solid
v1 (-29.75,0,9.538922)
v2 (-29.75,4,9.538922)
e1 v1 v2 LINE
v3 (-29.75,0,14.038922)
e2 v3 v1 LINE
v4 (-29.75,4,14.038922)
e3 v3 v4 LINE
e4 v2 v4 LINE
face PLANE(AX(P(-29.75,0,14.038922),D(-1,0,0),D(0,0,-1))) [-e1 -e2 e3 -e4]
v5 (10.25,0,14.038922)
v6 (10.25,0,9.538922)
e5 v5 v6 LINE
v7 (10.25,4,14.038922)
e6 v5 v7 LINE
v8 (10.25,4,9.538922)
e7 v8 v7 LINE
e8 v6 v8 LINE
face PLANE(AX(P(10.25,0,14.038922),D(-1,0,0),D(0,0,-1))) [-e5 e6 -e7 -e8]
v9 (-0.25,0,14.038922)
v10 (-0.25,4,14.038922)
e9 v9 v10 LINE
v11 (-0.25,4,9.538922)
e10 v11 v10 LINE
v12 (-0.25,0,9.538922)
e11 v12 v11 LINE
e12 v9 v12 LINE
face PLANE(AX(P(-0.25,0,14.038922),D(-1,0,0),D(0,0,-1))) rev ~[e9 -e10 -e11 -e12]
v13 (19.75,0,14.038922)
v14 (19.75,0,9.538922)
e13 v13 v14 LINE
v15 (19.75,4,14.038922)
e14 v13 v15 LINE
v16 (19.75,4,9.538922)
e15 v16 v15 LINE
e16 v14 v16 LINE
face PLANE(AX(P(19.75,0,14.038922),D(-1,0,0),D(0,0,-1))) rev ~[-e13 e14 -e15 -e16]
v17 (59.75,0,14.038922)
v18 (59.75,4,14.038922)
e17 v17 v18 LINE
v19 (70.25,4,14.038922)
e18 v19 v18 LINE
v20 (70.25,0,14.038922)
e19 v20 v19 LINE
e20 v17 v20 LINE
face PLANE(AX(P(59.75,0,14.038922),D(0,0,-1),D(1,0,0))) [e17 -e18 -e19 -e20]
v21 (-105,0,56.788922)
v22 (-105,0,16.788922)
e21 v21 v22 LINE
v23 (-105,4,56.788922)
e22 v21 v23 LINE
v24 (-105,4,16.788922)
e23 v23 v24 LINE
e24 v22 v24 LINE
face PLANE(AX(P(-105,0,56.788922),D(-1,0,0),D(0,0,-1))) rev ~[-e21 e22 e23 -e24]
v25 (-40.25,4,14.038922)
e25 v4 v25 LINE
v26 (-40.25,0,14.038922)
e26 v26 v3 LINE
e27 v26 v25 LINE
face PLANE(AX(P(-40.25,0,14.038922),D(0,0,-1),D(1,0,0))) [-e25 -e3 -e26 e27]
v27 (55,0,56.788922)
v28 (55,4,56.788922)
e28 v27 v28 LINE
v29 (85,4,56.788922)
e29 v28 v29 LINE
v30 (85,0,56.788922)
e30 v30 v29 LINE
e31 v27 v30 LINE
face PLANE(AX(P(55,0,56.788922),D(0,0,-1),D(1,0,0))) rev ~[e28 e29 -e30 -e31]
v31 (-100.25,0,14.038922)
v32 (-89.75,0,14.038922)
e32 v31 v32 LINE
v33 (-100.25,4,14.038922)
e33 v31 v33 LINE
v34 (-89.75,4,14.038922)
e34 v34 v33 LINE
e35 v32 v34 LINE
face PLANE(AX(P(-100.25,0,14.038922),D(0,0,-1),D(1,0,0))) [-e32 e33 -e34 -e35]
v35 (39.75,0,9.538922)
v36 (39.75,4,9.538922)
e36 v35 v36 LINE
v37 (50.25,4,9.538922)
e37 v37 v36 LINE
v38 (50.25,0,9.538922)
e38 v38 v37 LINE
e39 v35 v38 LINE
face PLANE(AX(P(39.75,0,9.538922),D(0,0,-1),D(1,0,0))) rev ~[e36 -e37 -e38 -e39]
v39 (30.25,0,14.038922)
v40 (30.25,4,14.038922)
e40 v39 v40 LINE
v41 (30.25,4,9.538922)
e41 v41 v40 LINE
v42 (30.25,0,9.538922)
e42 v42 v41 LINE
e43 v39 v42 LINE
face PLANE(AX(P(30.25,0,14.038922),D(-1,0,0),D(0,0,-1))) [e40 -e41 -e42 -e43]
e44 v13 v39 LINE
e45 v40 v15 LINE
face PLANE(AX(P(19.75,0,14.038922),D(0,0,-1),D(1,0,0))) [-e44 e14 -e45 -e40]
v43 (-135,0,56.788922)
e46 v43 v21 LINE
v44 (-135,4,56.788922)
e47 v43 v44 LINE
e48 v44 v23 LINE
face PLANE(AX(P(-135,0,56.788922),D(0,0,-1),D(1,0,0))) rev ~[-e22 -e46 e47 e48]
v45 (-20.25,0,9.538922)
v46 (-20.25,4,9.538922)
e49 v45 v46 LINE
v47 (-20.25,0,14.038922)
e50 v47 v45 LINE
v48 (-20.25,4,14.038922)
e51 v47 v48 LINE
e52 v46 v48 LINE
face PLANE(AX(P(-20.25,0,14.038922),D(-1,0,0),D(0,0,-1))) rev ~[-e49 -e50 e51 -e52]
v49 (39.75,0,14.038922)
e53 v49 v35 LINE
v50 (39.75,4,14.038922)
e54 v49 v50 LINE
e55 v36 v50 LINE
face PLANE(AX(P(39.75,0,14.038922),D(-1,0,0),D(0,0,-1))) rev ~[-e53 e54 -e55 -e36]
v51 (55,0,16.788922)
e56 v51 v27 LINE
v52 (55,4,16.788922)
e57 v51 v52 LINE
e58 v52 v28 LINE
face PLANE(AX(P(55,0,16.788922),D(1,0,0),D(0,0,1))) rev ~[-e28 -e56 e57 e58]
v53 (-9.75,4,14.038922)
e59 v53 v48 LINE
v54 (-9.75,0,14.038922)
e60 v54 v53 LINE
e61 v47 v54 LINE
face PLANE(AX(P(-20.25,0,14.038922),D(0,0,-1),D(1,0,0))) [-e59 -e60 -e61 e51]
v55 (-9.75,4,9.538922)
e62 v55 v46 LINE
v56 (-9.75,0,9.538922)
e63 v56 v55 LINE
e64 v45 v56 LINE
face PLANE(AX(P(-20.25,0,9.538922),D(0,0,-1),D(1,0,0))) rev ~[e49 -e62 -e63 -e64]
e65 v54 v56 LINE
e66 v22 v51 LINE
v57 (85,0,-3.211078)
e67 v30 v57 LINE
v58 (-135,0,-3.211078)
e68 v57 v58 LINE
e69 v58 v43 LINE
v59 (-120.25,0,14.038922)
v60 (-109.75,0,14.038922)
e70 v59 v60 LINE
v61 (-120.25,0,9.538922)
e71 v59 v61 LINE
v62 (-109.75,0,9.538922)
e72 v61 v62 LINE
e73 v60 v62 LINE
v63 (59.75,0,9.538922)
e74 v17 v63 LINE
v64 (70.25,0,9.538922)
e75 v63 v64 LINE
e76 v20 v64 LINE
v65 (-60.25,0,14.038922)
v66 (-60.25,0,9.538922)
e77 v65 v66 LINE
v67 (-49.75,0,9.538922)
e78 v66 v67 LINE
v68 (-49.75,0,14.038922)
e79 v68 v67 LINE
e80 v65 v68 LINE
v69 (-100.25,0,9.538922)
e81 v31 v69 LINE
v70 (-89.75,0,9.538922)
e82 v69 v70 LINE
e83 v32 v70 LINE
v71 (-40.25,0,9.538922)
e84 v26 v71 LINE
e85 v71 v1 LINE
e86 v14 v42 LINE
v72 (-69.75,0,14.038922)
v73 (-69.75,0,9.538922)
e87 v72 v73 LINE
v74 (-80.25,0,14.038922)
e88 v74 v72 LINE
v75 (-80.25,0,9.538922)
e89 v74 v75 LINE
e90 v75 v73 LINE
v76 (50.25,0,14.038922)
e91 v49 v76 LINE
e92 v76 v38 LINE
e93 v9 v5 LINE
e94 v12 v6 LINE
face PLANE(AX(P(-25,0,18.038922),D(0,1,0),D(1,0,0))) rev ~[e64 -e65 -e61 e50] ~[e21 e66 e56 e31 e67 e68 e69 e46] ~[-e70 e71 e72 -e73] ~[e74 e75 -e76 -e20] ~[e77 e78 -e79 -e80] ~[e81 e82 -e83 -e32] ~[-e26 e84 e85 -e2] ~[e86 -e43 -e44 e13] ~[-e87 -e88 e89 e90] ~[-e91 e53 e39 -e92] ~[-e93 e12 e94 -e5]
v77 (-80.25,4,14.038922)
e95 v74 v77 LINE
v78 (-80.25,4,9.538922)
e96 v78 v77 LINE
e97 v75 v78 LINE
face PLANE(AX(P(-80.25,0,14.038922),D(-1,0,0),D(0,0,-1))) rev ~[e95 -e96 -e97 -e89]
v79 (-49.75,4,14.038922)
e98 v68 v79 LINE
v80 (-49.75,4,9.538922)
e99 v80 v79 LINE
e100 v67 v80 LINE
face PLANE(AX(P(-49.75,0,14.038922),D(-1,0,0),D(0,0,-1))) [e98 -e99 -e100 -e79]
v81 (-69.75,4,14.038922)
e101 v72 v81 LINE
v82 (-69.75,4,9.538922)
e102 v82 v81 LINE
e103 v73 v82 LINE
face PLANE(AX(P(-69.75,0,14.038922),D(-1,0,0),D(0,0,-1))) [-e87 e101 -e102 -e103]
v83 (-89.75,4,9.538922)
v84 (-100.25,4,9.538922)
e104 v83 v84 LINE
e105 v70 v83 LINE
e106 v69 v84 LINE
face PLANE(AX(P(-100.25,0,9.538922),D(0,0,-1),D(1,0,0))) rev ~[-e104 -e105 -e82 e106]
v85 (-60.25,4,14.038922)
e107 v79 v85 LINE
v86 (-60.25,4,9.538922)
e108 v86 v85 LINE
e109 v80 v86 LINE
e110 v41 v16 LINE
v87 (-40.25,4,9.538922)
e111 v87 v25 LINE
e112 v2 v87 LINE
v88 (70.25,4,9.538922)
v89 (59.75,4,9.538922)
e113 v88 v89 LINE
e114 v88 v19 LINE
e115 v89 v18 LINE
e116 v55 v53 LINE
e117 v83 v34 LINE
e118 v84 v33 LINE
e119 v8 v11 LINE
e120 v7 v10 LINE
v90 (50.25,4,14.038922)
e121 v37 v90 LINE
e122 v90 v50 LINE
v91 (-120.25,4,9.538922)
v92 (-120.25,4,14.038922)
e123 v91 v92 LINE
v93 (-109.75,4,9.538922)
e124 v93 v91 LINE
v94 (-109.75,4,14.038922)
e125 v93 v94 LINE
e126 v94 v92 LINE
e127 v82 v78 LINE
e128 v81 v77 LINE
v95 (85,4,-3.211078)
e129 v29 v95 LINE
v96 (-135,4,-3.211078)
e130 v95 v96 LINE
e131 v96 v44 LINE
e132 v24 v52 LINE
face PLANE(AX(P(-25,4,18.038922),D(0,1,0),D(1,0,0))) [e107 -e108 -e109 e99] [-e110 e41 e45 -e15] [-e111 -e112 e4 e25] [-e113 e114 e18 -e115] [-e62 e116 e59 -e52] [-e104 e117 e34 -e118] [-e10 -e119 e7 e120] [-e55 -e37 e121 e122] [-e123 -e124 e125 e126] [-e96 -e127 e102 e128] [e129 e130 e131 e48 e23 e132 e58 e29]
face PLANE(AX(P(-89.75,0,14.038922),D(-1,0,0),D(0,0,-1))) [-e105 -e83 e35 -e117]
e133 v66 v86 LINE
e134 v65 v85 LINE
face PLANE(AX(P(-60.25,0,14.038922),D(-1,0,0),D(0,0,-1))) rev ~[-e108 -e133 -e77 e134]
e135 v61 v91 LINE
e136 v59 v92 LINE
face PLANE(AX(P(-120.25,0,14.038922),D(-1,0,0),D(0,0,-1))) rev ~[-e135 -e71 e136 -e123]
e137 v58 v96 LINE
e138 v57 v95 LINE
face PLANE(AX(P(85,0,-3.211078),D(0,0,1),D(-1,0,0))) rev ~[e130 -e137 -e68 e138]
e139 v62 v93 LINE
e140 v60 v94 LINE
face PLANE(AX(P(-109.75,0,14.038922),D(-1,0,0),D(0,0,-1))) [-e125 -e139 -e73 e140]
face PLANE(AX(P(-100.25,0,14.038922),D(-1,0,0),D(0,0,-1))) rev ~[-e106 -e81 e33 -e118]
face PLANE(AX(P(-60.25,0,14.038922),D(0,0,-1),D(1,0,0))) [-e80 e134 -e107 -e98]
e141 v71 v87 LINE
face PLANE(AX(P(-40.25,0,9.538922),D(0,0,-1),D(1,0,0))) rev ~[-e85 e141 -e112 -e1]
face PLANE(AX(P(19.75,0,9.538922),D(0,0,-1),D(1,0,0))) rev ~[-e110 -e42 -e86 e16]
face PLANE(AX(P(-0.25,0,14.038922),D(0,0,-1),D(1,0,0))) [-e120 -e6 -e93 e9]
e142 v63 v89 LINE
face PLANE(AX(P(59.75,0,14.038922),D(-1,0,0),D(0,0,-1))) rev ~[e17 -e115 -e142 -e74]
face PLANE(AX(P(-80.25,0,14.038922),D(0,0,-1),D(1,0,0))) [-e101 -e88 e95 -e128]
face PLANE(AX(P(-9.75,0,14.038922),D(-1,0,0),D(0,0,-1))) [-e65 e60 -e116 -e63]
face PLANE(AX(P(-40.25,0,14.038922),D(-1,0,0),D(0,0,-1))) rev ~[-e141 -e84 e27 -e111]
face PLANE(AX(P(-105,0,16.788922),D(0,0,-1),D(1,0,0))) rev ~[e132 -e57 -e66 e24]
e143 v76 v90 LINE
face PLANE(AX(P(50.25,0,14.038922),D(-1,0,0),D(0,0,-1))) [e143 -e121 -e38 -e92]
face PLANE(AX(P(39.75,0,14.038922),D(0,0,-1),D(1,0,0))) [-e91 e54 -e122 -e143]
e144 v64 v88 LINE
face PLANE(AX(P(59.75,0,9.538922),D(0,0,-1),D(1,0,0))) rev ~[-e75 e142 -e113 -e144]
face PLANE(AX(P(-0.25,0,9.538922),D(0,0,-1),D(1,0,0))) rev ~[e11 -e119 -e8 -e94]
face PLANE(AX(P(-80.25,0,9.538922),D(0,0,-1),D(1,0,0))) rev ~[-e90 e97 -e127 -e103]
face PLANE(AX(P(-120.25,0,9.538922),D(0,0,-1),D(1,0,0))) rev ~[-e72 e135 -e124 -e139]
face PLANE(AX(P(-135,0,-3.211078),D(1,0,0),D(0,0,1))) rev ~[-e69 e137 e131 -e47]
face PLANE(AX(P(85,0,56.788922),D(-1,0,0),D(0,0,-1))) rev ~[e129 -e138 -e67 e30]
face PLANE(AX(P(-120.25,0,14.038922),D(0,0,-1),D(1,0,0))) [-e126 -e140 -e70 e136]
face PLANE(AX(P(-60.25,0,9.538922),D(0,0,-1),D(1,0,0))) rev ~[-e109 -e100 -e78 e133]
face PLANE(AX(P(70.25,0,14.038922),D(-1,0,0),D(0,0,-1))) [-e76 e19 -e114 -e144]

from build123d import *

# Parameters (mm, degrees)
EXTRUDE_1_DEPTH     = 4
SKETCH_2_W          = 10.5
SKETCH_2_H          = 4.5
CUT_EXTRUDE_1_DEPTH = 147.512735554


with BuildPart() as part:
    # Эскиз1 → Бобышка-Вытянуть1 (new body)
    with BuildSketch(Plane(origin=(0, 0, 0), x_dir=(1, 0, 0), z_dir=(0, 1, 0))):
        Polygon((-135, -16.788922156), (-135, -56.788922156), (-105, -56.788922156), (-105, -16.788922156), (55, -16.788922156), (55, -56.788922156), (85, -56.788922156), (85, -16.788922156), (85, 3.211077844), (-135, 3.211077844), align=None)
    extrude(amount=EXTRUDE_1_DEPTH)

    # Эскиз2 → Вырез-Вытянуть1 (cut, through all)
    with BuildSketch(Plane(origin=(0, 0, 0), x_dir=(1, 0, 0), z_dir=(0, 1, 0))):
        with Locations((-115, -11.788922156)):
            Rectangle(SKETCH_2_W, SKETCH_2_H)
        with Locations((-95, -11.788922156)):
            Rectangle(SKETCH_2_W, SKETCH_2_H)
        with Locations((-75, -11.788922156)):
            Rectangle(SKETCH_2_W, SKETCH_2_H)
        with Locations((-55, -11.788922156)):
            Rectangle(SKETCH_2_W, SKETCH_2_H)
        with Locations((-35, -11.788922156)):
            Rectangle(SKETCH_2_W, SKETCH_2_H)
        with Locations((-15, -11.788922156)):
            Rectangle(SKETCH_2_W, SKETCH_2_H)
        with Locations((5, -11.788922156)):
            Rectangle(SKETCH_2_W, SKETCH_2_H)
        with Locations((25, -11.788922156)):
            Rectangle(SKETCH_2_W, SKETCH_2_H)
        with Locations((45, -11.788922156)):
            Rectangle(SKETCH_2_W, SKETCH_2_H)
        with Locations((65, -11.788922156)):
            Rectangle(SKETCH_2_W, SKETCH_2_H)
    extrude(amount=CUT_EXTRUDE_1_DEPTH, mode=Mode.SUBTRACT)


solid = part.part
